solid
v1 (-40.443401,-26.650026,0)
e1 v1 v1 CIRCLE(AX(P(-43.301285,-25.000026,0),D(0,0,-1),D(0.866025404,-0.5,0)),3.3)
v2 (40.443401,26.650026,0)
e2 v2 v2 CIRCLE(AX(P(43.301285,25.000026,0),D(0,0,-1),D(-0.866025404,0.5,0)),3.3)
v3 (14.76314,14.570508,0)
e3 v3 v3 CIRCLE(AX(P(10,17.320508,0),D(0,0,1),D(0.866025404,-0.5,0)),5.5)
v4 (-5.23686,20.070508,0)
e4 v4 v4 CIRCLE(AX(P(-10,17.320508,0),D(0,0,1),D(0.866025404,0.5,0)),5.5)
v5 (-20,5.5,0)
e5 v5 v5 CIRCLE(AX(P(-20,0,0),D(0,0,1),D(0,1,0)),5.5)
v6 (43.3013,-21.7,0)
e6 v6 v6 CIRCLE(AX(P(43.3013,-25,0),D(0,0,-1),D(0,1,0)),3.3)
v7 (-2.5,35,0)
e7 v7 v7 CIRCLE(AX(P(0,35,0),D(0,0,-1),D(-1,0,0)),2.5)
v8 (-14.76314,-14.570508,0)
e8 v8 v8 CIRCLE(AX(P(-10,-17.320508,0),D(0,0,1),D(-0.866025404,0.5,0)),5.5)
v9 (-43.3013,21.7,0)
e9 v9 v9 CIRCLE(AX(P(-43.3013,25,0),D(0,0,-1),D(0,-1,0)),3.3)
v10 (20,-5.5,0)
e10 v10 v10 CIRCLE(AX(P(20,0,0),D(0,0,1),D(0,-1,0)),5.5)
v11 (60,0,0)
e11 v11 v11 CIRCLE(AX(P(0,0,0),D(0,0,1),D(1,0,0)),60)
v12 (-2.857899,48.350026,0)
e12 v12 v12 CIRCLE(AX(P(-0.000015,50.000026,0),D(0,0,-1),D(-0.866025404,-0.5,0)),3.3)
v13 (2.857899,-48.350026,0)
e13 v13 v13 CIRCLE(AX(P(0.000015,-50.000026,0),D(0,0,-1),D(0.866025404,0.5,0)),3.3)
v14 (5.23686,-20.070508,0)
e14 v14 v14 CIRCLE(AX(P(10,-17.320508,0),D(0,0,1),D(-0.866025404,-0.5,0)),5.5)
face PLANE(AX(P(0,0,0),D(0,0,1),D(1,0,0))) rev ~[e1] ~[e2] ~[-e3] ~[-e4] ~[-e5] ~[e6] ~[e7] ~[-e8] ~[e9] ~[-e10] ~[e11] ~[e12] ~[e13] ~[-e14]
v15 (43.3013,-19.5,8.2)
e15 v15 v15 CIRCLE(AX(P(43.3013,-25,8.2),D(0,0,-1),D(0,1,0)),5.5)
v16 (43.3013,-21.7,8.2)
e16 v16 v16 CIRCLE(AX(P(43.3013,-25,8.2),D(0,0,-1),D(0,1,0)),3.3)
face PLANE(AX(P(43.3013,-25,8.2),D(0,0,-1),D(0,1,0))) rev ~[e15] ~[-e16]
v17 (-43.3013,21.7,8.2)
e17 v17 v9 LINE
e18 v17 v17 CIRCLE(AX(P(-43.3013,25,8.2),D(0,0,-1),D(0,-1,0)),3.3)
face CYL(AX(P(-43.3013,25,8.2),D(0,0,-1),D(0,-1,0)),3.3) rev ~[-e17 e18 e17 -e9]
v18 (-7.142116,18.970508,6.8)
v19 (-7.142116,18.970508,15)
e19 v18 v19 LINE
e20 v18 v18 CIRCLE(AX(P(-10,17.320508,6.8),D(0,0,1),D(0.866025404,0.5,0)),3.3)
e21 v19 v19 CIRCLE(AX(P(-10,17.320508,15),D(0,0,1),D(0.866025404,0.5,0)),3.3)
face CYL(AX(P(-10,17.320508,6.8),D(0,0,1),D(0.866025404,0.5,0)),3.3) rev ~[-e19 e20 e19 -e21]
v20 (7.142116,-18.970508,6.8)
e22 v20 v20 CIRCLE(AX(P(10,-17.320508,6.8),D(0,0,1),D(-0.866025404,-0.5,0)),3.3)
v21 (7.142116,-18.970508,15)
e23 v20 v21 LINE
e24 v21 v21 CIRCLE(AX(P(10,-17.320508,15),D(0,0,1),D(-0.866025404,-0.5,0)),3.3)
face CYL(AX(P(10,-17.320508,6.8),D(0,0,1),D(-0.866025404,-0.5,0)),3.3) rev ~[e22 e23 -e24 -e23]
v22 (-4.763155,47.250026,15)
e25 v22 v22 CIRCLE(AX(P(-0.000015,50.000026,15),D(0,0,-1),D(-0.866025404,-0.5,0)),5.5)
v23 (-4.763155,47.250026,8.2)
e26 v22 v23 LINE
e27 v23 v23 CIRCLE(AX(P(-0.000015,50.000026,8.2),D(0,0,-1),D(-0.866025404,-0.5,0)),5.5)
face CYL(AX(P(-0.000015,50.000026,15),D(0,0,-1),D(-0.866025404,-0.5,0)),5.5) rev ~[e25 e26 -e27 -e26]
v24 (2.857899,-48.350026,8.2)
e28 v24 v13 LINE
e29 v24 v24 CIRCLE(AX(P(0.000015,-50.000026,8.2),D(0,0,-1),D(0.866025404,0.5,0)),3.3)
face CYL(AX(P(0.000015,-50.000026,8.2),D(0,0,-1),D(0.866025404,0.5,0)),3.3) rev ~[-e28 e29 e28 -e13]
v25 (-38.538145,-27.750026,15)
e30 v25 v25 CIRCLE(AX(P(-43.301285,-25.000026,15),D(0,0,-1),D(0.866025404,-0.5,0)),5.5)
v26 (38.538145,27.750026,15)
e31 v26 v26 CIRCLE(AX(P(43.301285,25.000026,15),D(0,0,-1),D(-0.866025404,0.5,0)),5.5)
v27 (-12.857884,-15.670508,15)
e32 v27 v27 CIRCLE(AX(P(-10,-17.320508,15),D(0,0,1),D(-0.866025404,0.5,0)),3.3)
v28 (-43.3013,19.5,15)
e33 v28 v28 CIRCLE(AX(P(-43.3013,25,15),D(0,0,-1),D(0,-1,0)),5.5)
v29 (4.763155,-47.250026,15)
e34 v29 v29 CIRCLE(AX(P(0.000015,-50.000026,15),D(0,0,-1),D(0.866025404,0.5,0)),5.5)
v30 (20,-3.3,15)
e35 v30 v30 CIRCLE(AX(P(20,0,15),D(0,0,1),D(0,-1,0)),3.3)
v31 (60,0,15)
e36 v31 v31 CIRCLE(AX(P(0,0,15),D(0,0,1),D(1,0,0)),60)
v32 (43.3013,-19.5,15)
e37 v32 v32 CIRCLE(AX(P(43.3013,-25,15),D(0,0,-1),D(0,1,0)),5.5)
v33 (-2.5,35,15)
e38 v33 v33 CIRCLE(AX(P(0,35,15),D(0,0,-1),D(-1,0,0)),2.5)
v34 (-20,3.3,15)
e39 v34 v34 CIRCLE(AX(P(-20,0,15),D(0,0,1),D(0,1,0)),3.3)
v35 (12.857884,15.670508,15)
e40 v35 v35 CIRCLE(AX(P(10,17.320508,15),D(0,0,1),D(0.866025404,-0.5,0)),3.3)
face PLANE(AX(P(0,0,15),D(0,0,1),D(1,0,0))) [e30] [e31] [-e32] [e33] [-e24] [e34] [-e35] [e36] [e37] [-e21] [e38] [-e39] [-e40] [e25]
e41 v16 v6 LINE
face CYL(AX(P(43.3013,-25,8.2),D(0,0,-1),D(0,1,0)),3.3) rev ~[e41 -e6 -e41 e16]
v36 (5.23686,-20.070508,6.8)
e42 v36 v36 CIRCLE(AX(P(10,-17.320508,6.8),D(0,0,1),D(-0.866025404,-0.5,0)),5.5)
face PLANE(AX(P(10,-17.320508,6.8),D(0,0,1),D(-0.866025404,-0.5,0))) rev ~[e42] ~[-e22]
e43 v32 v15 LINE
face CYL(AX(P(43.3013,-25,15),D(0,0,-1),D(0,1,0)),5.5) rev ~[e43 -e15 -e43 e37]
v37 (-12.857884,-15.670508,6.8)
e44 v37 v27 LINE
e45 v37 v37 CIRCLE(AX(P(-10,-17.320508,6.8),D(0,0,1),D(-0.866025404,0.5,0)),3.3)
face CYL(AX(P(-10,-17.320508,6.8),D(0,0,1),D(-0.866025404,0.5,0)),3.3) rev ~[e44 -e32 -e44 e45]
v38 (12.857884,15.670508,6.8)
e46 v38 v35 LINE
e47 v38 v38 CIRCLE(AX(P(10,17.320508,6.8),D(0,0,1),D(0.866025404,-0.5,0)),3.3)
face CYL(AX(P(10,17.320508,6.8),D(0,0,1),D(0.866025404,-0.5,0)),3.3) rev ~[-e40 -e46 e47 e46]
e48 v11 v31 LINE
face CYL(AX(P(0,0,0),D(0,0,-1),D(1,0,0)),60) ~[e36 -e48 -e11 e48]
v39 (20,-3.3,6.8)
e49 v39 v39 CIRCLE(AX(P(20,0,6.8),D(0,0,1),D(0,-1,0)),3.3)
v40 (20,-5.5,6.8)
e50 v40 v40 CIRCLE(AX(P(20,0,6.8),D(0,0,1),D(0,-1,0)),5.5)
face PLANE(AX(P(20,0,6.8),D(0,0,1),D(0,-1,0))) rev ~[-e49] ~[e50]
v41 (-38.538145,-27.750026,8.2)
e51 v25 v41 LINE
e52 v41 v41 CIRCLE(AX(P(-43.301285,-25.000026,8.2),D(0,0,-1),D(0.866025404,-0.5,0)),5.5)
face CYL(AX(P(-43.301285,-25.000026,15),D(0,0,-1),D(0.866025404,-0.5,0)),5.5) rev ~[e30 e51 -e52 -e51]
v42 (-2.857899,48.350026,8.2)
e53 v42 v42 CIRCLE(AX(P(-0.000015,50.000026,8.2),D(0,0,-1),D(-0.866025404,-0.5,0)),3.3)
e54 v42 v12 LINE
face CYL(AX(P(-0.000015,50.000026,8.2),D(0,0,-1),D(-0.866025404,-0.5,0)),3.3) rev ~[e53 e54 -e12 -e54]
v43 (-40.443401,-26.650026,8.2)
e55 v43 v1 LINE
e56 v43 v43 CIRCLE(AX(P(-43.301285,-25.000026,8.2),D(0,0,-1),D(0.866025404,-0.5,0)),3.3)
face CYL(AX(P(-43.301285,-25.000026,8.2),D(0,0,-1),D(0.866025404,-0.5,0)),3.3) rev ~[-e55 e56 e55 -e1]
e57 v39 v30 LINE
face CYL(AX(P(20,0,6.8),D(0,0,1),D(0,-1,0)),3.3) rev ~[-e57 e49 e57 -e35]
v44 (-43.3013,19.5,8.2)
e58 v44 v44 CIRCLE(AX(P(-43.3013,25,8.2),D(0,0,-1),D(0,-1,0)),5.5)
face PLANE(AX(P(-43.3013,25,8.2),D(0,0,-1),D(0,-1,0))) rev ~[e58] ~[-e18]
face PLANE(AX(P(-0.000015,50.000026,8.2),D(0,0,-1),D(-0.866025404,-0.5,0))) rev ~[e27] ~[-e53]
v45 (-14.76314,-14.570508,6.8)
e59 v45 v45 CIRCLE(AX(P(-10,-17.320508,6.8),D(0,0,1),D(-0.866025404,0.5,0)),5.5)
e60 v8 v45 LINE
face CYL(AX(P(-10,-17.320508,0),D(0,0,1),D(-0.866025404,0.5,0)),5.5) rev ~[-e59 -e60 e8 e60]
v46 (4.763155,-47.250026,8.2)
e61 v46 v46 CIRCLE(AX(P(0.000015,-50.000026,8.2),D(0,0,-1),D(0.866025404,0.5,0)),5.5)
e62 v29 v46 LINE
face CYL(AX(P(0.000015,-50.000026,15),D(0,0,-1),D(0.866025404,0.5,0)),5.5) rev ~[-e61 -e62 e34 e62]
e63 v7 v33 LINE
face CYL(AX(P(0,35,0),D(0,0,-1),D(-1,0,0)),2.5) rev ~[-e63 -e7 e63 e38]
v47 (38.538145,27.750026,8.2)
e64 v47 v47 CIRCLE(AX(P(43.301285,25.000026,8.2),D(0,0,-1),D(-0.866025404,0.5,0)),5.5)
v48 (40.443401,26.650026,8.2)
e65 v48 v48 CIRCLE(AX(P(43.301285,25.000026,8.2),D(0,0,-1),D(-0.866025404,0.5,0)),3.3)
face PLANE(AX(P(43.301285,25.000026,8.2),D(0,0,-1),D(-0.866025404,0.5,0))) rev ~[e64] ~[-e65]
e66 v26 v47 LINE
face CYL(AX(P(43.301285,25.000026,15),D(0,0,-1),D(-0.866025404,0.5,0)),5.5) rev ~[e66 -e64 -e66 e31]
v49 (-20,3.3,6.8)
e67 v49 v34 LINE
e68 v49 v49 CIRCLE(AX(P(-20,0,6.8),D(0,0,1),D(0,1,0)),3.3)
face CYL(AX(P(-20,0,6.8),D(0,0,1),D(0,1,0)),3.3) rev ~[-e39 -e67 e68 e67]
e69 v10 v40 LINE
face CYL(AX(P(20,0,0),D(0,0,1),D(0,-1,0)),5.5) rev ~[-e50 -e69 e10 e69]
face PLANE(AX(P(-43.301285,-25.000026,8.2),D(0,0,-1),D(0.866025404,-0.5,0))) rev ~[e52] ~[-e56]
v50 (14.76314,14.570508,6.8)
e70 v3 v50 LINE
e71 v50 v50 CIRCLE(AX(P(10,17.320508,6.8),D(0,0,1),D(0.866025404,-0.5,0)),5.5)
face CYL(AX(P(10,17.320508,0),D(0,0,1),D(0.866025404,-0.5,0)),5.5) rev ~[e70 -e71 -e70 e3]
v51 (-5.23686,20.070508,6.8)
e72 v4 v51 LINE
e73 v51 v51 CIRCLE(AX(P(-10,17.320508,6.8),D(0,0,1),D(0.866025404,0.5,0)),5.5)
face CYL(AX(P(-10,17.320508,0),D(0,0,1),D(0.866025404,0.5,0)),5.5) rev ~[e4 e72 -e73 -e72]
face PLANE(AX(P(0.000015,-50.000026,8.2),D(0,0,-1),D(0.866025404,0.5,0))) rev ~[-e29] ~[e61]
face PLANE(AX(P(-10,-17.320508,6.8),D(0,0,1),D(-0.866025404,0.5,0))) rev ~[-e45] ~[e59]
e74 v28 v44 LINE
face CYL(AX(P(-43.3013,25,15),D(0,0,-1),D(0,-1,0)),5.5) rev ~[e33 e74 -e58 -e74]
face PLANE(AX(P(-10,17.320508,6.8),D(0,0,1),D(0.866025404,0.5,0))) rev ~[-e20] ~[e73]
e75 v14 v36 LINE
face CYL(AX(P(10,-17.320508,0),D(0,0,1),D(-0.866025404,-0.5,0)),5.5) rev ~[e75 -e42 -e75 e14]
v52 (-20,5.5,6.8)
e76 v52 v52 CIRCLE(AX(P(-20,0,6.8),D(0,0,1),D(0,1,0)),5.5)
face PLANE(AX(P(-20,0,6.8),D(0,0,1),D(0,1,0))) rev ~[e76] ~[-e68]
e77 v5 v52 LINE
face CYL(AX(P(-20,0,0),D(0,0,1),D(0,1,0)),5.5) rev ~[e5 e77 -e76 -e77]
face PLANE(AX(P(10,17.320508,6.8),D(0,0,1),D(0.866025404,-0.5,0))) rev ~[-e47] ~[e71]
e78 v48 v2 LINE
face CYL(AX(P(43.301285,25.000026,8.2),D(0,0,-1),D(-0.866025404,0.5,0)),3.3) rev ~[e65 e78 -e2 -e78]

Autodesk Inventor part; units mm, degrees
ref_plane "YZ Plane" through (0, 0, 0) normal (1, 0, 0) x (0, 1, 0)
ref_plane "XZ Plane" through (0, 0, 0) normal (0, 1, 0) x (-1, 0, 0)
ref_plane "Work Plane2" through (0, 0, 0) normal (0, 0, 1) x (1, 0, 0)
sketch "Sketch26" plane through (0, 0, 0) normal (0, 0, 1) x (1, 0, 0)
  circle A0 centre (0, 0) radius 60 projected
  point P0 (0, 0)
extrude "Extrusion12" add sketch "Sketch26" along normal blind 15
sketch "Sketch28" plane through (0, 0, 0) normal (0, 0, -1) x (-1, 0, 0)
  circle A0 centre (0, 0) radius 30 projected
  circle A1 centre (0, 0) radius 20 construction
  point P0 (0, 0)
  point P1 (20, 0)
  dimension "d225" = 40
hole "Hole13" at (-20, 0, 0) direction (0, 0, 1) diameter 6.6 end through all counterbore diameter 11 counterbore depth 6.8 clearance for "Socket Head Cap Screw ISO 4762" size "M6" standard "ISO"
pattern_circular "Circular Pattern10" count 6 over 360 about axis through (0, 0, 0) along (0, 0, 1) of "Hole13"
sketch "Sketch29" plane through (0, 0, 15) normal (0, 0, 1) x (1, 0, 0)
  circle A0 centre (-43.3013, 25) radius 2.4585 projected
  circle A1 centre (-43.3013, -25) radius 2.4585 projected
  point P0 (0, 0)
  point P1 (-43.0428, -24.2502)
  point P2 (-40.9021, -15.0744)
hole "Hole14" at (-43.3013, 25, 15) direction (0, 0, -1) diameter 6.6 depth 17.1 counterbore diameter 11 counterbore depth 6.8 clearance for "Socket Head Cap Screw ISO 4762" size "M6" standard "ISO"
pattern_circular "Circular Pattern11" count 6 over 360 about axis through (0, 0, 0) along (0, 0, 1) of "Hole14"
sketch "Sketch30" plane through (0, 0, 0) normal (0, 0, -1) x (-1, 0, 0)
  circle A0 centre (0, 35) radius 2.067 construction
  circle A1 centre (0, 35) radius 2.5
  point P0 (0, 0)
  dimension "d248" = 5
extrude "Extrusion13" cut sketch "Sketch30" against normal up to next
properties part number "base_connector" material "Copper"
